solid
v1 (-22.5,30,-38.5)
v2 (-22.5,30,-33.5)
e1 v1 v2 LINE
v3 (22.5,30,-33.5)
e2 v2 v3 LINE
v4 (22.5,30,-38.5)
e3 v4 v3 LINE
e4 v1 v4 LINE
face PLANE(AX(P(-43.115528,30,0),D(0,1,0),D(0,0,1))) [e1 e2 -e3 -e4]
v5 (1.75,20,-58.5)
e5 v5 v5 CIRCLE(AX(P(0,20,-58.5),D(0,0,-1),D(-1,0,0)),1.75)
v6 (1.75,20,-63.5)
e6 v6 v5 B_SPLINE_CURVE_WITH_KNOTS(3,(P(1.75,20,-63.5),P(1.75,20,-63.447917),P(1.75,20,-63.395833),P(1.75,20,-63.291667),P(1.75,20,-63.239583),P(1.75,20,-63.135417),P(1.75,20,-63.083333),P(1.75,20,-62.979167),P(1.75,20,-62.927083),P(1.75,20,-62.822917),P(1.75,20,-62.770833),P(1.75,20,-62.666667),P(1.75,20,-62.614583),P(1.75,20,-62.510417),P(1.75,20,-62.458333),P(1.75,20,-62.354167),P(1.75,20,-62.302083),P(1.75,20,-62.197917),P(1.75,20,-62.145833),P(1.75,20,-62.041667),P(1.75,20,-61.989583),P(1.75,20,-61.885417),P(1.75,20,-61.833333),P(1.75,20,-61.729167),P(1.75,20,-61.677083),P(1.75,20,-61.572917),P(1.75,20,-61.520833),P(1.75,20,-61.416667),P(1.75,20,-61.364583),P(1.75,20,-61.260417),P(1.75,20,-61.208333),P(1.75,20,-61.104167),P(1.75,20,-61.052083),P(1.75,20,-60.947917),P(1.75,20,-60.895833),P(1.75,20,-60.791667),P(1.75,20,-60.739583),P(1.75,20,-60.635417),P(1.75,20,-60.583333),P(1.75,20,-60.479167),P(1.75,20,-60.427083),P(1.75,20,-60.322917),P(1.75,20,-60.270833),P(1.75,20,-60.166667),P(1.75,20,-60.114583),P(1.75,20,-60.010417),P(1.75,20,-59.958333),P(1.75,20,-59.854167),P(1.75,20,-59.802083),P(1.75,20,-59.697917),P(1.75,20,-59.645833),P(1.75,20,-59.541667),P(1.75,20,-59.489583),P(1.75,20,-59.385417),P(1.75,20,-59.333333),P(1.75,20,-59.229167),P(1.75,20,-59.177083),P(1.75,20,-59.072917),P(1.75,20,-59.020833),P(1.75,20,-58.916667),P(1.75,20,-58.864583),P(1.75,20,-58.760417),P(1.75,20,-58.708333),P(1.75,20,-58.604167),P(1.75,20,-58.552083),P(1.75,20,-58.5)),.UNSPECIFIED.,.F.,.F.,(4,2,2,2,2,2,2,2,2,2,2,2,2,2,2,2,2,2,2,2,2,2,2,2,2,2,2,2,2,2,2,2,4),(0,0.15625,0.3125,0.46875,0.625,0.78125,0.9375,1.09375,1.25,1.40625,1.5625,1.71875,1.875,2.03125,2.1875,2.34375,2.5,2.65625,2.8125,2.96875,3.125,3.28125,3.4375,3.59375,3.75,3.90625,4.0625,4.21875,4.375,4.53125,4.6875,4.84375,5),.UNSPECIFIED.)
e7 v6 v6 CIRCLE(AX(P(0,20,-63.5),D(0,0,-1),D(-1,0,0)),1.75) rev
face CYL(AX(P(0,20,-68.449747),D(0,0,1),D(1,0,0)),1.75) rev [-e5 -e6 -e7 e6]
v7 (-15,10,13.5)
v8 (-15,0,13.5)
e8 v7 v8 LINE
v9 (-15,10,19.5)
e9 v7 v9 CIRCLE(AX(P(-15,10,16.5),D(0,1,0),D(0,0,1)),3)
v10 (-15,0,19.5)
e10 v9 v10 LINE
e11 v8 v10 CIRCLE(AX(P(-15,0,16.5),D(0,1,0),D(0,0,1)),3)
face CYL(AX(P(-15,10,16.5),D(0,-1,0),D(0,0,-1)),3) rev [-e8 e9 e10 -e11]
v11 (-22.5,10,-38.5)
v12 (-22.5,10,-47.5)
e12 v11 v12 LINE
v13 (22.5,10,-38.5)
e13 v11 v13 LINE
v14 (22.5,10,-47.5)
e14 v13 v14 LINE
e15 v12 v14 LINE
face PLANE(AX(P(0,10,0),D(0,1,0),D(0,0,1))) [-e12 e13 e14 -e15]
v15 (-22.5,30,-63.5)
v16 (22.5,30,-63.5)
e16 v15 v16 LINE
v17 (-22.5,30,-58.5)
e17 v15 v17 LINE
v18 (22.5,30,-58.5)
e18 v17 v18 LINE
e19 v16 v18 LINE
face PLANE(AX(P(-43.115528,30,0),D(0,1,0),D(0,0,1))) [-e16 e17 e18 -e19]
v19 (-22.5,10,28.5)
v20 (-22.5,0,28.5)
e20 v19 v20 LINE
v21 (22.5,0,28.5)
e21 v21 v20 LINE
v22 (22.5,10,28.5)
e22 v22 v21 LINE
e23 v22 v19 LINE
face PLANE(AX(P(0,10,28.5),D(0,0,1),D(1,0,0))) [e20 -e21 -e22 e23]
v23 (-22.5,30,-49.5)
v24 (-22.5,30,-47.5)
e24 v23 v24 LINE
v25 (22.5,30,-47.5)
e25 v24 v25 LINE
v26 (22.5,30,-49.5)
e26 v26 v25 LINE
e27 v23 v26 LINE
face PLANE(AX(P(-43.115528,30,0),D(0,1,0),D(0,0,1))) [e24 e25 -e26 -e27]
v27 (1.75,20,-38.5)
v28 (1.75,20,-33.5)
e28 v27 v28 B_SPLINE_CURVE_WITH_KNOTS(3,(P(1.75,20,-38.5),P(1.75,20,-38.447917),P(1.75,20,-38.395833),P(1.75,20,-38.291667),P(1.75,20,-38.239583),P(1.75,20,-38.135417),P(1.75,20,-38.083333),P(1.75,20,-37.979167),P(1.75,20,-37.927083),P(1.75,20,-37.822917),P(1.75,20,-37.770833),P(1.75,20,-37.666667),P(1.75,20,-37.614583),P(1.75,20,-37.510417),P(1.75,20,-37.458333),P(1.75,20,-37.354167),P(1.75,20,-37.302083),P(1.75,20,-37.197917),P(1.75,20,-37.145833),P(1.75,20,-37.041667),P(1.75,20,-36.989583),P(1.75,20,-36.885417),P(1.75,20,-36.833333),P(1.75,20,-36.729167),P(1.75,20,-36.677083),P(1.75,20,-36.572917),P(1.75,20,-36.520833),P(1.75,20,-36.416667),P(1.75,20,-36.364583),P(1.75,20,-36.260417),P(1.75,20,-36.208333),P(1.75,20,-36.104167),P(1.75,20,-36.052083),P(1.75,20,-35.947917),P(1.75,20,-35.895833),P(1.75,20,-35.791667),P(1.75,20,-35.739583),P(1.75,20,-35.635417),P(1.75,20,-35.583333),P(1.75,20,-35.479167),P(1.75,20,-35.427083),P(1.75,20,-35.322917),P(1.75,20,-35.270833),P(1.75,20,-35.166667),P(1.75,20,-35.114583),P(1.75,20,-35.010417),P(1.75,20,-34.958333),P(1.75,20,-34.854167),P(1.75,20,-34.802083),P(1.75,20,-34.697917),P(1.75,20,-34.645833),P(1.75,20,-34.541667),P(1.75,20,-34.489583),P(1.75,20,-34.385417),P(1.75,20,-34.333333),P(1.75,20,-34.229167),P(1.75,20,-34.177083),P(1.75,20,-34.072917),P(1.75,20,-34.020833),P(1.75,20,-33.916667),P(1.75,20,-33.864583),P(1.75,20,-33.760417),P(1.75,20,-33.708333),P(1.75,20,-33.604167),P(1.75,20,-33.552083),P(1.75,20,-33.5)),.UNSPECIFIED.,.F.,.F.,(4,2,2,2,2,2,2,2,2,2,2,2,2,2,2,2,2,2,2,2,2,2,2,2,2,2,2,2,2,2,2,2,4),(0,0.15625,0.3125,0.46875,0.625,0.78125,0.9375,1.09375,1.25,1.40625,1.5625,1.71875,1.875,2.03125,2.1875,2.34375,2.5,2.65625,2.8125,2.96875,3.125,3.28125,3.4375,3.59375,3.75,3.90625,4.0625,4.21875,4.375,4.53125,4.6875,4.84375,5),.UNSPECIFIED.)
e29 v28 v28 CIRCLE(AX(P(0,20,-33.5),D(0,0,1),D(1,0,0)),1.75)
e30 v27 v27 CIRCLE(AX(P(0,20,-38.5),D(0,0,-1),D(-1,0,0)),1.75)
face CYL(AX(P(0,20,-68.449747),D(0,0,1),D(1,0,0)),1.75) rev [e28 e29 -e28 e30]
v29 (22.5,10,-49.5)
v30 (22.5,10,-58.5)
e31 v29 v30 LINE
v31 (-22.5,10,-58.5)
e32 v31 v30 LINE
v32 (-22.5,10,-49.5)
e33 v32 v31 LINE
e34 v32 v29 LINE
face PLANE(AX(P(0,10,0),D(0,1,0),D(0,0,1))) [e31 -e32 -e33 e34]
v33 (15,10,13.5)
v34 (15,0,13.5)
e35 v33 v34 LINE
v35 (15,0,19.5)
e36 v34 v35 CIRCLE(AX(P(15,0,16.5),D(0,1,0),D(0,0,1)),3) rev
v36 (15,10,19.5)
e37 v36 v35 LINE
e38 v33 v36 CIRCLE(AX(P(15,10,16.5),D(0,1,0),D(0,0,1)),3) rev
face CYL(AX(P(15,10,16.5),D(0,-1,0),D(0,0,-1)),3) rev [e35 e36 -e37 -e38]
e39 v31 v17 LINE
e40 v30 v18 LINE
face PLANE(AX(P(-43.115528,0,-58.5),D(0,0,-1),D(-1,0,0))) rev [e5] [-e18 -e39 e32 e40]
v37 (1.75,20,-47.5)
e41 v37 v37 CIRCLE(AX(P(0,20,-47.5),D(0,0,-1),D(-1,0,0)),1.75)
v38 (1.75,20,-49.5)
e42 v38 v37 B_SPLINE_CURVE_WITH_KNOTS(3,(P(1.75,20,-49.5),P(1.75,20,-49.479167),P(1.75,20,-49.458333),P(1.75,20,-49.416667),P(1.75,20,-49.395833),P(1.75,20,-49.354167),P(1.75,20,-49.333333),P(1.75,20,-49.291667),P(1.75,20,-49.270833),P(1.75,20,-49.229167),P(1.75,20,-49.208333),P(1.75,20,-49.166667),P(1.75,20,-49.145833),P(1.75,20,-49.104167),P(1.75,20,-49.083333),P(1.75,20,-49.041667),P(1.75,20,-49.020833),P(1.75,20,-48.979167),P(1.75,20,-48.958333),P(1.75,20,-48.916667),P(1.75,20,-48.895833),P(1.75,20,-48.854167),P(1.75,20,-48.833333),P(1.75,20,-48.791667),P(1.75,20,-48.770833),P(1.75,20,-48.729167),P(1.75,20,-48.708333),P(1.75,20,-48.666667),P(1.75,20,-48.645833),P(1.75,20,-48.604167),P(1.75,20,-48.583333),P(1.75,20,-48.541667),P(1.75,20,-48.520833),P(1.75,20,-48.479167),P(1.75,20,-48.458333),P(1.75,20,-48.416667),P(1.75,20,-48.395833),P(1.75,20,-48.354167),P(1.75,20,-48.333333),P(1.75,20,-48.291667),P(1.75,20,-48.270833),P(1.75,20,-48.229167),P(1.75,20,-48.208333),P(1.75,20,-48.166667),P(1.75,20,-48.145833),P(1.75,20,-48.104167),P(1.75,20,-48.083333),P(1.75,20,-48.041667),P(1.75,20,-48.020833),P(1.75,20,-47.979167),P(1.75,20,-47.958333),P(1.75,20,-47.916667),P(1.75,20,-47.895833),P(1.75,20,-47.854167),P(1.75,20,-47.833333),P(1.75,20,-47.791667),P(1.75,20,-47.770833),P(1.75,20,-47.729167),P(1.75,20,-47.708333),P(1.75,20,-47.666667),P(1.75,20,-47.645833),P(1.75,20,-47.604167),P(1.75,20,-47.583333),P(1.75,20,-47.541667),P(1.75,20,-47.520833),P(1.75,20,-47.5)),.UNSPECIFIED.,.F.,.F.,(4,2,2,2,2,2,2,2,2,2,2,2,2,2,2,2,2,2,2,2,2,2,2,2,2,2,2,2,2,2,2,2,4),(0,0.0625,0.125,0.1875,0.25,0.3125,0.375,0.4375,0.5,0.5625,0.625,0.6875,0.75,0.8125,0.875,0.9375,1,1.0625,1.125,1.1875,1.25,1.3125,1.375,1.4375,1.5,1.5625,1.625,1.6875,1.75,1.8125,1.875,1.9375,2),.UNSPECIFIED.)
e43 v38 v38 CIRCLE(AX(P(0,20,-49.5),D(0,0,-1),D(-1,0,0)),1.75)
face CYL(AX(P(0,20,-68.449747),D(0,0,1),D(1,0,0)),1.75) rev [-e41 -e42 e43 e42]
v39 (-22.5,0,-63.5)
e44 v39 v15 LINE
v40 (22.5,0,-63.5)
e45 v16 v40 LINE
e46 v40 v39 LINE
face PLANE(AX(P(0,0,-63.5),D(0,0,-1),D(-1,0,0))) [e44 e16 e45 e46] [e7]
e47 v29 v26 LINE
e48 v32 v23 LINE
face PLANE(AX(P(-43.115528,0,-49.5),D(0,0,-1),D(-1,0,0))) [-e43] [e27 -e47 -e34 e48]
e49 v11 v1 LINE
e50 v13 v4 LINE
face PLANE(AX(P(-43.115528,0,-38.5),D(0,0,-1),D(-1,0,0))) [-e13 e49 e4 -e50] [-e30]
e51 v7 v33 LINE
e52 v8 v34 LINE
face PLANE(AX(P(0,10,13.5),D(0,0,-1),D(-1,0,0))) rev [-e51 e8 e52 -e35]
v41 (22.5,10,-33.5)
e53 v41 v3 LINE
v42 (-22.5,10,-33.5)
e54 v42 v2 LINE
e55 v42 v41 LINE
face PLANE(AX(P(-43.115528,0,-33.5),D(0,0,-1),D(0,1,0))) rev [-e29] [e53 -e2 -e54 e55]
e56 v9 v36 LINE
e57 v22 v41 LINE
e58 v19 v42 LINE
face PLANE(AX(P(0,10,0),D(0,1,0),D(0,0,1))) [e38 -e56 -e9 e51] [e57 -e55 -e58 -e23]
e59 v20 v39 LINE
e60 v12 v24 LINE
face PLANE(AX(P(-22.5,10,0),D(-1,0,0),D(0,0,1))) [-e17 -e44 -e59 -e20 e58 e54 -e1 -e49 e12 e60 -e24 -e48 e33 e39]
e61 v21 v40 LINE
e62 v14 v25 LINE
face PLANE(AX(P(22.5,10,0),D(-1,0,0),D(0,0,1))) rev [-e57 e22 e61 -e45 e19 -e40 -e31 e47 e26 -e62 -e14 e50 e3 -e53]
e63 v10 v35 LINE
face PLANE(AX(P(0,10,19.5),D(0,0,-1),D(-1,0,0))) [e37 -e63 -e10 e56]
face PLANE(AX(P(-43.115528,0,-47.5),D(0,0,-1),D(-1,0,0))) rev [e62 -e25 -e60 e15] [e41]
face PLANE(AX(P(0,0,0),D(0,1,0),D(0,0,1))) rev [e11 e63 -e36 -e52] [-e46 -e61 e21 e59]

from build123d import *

# Parameters (mm, degrees)
SKETCH1_W           = 45
SKETCH1_H           = 57
BOSS_EXTRUDE1_DEPTH = 10
SKETCH4_W           = 45
SKETCH4_H           = 10
BOSS_EXTRUDE4_DEPTH = 35
SKETCH5_W           = 5
SKETCH5_H           = 20
SKETCH5_W_2         = 2
BOSS_EXTRUDE5_DEPTH = 45
CUT_EXTRUDE1_START  = -30
SKETCH6_R           = 1.75
CUT_EXTRUDE1_DEPTH  = 30


with BuildPart() as part:
    # Sketch1 → Boss-Extrude1 (new body)
    with BuildSketch(Plane(origin=(0, 0, 0), x_dir=(1, 0, 0), z_dir=(0, 1, 0))):
        Rectangle(SKETCH1_W, SKETCH1_H)
        with BuildLine():
            ThreePointArc((-15, -19.5), (-18, -16.5), (-15, -13.5))
            Line((-15, -13.5), (15, -13.5))
            ThreePointArc((15, -13.5), (17.121320344, -14.378679656), (18, -16.5))
            ThreePointArc((18, -16.5), (17.121320344, -18.621320344), (15, -19.5))
            Line((15, -19.5), (-15, -19.5))
        make_face(mode=Mode.SUBTRACT)
    extrude(amount=BOSS_EXTRUDE1_DEPTH)

    # Sketch4 → Boss-Extrude4 (add)
    with BuildSketch(Plane(origin=(0, 0, -28.5), x_dir=(-1, 0, 0), z_dir=(0, 0, -1))):
        with Locations((0, 5)):
            Rectangle(SKETCH4_W, SKETCH4_H)
    extrude(amount=BOSS_EXTRUDE4_DEPTH)

    # Sketch5 → Boss-Extrude5 (add)
    with BuildSketch(Plane(origin=(22.5, 0, 0), x_dir=(0, 0, -1), z_dir=(1, 0, 0))):
        with Locations((36, 20)):
            Rectangle(SKETCH5_W, SKETCH5_H)
        with Locations((48.5, 20)):
            Rectangle(SKETCH5_W_2, SKETCH5_H)
        with Locations((61, 20)):
            Rectangle(SKETCH5_W, SKETCH5_H)
    extrude(amount=-BOSS_EXTRUDE5_DEPTH)

    # Sketch6 → Cut-Extrude1 (cut)
    with BuildSketch(Plane.XY.offset(-33.5).offset(CUT_EXTRUDE1_START)):
        with Locations((0, 20)):
            Circle(SKETCH6_R)
    extrude(amount=CUT_EXTRUDE1_DEPTH, mode=Mode.SUBTRACT)


solid = part.part
